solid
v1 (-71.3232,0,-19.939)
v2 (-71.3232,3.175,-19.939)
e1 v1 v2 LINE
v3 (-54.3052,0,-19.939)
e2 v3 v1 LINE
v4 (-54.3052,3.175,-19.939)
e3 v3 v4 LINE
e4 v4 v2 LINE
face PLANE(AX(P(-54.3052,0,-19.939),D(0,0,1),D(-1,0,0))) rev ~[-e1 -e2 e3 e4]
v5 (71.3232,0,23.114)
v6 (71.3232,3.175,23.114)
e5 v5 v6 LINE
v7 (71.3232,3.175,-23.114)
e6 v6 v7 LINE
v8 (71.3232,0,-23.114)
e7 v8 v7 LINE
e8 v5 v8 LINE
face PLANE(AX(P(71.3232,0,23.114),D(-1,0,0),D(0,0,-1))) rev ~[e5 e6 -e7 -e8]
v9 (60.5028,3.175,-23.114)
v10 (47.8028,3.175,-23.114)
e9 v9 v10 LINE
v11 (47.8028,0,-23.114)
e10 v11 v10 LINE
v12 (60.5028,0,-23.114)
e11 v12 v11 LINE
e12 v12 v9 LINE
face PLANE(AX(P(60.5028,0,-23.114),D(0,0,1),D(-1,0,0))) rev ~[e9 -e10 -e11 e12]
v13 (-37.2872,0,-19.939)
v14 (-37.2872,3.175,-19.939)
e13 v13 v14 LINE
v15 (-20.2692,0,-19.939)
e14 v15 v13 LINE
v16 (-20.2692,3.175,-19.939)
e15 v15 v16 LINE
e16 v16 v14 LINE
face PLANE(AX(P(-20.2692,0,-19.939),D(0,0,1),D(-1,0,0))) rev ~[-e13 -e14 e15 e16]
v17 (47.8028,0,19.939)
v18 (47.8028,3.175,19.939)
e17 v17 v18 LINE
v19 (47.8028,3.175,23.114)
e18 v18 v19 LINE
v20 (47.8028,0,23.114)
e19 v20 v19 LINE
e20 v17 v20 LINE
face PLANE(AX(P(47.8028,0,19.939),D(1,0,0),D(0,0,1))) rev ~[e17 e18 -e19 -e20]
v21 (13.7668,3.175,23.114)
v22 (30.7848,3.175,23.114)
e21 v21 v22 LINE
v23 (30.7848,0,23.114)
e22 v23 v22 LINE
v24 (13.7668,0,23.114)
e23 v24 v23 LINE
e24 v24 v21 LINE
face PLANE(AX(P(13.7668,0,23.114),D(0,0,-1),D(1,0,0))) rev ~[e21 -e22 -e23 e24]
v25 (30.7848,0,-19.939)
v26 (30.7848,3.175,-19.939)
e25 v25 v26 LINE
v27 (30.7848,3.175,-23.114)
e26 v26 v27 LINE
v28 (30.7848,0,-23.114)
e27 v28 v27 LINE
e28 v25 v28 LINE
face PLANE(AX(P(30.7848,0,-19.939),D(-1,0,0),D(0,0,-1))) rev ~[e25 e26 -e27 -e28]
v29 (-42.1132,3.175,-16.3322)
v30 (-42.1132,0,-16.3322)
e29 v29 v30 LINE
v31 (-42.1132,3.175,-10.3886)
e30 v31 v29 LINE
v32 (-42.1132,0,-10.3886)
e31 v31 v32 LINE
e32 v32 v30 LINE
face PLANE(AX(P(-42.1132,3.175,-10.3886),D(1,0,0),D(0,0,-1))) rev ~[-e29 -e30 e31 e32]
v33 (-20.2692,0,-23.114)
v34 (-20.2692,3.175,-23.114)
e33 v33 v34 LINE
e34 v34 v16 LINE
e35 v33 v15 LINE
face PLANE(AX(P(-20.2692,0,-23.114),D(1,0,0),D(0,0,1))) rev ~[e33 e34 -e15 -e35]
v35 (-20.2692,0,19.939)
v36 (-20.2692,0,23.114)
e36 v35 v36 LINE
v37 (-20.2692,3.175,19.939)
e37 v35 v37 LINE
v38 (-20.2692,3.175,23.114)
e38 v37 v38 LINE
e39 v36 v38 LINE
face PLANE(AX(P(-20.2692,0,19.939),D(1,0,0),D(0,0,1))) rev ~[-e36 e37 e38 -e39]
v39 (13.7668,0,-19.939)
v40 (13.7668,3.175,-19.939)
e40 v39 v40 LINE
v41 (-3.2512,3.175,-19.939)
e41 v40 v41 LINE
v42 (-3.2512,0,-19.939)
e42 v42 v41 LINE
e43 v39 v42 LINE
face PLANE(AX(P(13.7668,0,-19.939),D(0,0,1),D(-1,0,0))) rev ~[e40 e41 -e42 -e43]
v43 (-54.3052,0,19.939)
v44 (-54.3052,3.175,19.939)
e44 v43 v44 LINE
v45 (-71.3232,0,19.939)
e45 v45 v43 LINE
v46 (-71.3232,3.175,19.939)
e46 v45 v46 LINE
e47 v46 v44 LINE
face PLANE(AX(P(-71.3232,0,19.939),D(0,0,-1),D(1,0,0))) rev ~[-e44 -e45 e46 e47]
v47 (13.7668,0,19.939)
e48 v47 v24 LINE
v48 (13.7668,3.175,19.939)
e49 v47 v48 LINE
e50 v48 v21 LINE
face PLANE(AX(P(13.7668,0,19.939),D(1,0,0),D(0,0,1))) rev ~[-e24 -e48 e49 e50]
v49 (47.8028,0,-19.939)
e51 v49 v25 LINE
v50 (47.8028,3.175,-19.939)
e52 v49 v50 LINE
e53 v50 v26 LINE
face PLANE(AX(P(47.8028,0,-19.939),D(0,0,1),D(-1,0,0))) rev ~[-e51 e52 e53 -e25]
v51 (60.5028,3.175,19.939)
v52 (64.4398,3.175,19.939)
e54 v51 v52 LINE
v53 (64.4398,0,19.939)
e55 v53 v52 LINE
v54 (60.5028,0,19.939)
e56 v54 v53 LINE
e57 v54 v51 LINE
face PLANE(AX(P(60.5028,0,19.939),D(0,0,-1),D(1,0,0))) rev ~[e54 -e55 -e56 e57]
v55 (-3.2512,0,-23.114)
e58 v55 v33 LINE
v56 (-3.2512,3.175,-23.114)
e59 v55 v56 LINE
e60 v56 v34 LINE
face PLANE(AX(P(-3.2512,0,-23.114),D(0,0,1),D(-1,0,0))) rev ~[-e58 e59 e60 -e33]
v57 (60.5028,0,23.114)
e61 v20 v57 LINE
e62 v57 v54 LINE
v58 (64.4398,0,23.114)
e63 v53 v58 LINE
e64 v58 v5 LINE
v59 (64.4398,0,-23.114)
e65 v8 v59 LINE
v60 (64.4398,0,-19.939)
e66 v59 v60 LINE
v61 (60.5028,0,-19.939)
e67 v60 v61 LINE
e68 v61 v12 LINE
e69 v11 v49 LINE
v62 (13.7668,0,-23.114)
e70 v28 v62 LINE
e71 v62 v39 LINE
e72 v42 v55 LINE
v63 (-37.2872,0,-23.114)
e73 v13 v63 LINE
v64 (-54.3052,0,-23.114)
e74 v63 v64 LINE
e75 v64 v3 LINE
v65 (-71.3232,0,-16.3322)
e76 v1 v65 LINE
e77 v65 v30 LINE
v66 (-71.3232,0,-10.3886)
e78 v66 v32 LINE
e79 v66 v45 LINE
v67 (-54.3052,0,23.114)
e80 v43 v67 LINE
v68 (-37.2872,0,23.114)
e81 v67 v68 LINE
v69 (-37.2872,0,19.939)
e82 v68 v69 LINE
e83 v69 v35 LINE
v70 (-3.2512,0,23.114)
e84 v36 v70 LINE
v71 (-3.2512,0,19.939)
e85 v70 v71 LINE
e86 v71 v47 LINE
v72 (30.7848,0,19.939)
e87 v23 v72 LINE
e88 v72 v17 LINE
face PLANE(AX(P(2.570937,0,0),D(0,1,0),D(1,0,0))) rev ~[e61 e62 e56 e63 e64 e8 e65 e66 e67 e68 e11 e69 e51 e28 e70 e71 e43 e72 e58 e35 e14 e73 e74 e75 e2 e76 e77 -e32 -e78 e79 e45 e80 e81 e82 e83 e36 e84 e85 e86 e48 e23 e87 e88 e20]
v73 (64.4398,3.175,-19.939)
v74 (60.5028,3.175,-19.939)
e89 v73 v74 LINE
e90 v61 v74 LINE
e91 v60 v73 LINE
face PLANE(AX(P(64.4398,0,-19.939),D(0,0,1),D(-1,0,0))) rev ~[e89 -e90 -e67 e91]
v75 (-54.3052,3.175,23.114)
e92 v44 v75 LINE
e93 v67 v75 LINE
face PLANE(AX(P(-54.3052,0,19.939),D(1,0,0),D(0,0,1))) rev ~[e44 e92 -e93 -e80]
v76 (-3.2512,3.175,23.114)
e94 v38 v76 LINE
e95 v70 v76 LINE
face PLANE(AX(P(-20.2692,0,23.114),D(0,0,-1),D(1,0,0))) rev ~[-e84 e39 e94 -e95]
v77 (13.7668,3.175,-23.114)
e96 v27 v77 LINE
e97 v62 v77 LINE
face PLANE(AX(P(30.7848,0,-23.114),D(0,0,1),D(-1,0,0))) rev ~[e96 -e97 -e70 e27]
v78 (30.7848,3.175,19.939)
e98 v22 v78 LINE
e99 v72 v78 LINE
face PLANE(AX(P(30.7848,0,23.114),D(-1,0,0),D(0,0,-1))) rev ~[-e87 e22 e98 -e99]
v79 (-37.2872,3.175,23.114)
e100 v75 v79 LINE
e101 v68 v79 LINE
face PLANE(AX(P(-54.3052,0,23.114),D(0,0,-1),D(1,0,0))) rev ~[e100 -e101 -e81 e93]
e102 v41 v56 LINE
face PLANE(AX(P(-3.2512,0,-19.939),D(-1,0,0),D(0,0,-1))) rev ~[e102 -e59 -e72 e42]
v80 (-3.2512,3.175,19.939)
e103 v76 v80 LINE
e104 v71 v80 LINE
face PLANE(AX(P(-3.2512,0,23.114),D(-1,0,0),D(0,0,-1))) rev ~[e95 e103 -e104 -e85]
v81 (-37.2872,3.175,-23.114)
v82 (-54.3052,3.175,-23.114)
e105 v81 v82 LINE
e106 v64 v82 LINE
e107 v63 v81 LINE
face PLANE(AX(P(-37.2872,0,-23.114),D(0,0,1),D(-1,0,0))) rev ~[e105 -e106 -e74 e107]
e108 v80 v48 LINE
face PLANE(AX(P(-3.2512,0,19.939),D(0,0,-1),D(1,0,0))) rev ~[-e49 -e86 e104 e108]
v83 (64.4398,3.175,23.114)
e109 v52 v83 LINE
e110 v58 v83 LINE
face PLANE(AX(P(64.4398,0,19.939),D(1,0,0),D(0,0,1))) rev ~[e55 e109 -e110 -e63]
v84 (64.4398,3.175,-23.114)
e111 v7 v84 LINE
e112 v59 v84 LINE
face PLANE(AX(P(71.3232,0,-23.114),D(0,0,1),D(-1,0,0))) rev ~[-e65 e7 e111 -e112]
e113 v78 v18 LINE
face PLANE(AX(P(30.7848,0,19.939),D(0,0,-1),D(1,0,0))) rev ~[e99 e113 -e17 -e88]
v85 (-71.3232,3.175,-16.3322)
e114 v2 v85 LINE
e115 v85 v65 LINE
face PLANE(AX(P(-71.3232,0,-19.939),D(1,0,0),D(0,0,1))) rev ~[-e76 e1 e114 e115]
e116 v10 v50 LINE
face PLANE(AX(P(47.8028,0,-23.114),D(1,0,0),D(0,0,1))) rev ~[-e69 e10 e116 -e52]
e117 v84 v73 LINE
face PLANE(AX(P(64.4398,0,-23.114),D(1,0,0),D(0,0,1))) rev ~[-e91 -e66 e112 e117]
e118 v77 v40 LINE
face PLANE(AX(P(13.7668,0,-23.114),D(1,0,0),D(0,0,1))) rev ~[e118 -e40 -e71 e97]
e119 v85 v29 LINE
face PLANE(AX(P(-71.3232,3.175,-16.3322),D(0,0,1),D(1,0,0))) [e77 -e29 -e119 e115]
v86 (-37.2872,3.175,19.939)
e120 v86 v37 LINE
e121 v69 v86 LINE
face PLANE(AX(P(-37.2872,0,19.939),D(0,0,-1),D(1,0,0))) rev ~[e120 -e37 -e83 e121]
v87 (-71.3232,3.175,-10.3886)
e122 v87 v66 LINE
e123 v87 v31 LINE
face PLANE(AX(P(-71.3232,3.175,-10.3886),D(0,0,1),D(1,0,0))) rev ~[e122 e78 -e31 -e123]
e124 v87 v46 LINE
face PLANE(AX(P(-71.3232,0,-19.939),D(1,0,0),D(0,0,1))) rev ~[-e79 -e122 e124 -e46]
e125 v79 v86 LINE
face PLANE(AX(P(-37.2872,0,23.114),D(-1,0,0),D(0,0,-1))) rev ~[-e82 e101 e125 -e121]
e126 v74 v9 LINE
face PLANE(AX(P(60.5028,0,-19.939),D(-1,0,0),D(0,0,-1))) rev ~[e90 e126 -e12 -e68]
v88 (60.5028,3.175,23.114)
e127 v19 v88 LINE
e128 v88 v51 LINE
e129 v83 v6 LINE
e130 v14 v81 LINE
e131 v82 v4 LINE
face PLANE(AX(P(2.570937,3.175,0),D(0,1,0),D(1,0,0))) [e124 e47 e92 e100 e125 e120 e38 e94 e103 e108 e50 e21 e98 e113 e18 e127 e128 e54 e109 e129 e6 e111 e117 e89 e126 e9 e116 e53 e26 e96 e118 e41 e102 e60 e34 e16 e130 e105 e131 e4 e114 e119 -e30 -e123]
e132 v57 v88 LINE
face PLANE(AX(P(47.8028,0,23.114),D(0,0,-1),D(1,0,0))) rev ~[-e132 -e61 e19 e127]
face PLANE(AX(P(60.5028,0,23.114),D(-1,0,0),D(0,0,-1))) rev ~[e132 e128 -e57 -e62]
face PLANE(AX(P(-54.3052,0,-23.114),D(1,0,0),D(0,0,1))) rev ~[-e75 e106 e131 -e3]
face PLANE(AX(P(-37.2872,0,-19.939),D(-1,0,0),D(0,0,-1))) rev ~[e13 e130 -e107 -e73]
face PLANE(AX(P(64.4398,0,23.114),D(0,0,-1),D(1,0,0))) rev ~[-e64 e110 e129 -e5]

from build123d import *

# Parameters (mm, degrees)
BOSS_EXTRUDE1_DEPTH = 3.175
SKETCH2_W           = 29.21
SKETCH2_H           = 5.9436
CUT_EXTRUDE2_DEPTH  = 4.064


with BuildPart() as part:
    # Sketch1 → Boss-Extrude1 (new body)
    with BuildSketch(Plane(origin=(0, 0, 0), x_dir=(1, 0, 0), z_dir=(0, 1, 0))):
        Polygon((-54.3052, -23.114), (-37.2872, -23.114), (-37.2872, -19.939), (-20.2692, -19.939), (-20.2692, -23.114), (-3.2512, -23.114), (-3.2512, -19.939), (13.7668, -19.939), (13.7668, -23.114), (30.7848, -23.114), (30.7848, -19.939), (47.8028, -19.939), (47.8028, -23.114), (60.5028, -23.114), (60.5028, -19.939), (64.4398, -19.939), (64.4398, -23.114), (71.3232, -23.114), (71.3232, 23.114), (64.4398, 23.114), (64.4398, 19.939), (60.5028, 19.939), (60.5028, 23.114), (47.8028, 23.114), (47.8028, 19.939), (30.7848, 19.939), (30.7848, 23.114), (13.7668, 23.114), (13.7668, 19.939), (-3.2512, 19.939), (-3.2512, 23.114), (-20.2692, 23.114), (-20.2692, 19.939), (-37.2872, 19.939), (-37.2872, 23.114), (-54.3052, 23.114), (-54.3052, 19.939), (-71.3232, 19.939), (-71.3232, -19.939), (-54.3052, -19.939), align=None)
    extrude(amount=BOSS_EXTRUDE1_DEPTH)

    # Sketch2 → Cut-Extrude2 (cut)
    with BuildSketch(Plane(origin=(0, 3.175, 0), x_dir=(1, 0, 0), z_dir=(0, 1, 0))):
        with Locations((-56.7182, 13.3604)):
            Rectangle(SKETCH2_W, SKETCH2_H)
    extrude(amount=-CUT_EXTRUDE2_DEPTH, mode=Mode.SUBTRACT)


solid = part.part
